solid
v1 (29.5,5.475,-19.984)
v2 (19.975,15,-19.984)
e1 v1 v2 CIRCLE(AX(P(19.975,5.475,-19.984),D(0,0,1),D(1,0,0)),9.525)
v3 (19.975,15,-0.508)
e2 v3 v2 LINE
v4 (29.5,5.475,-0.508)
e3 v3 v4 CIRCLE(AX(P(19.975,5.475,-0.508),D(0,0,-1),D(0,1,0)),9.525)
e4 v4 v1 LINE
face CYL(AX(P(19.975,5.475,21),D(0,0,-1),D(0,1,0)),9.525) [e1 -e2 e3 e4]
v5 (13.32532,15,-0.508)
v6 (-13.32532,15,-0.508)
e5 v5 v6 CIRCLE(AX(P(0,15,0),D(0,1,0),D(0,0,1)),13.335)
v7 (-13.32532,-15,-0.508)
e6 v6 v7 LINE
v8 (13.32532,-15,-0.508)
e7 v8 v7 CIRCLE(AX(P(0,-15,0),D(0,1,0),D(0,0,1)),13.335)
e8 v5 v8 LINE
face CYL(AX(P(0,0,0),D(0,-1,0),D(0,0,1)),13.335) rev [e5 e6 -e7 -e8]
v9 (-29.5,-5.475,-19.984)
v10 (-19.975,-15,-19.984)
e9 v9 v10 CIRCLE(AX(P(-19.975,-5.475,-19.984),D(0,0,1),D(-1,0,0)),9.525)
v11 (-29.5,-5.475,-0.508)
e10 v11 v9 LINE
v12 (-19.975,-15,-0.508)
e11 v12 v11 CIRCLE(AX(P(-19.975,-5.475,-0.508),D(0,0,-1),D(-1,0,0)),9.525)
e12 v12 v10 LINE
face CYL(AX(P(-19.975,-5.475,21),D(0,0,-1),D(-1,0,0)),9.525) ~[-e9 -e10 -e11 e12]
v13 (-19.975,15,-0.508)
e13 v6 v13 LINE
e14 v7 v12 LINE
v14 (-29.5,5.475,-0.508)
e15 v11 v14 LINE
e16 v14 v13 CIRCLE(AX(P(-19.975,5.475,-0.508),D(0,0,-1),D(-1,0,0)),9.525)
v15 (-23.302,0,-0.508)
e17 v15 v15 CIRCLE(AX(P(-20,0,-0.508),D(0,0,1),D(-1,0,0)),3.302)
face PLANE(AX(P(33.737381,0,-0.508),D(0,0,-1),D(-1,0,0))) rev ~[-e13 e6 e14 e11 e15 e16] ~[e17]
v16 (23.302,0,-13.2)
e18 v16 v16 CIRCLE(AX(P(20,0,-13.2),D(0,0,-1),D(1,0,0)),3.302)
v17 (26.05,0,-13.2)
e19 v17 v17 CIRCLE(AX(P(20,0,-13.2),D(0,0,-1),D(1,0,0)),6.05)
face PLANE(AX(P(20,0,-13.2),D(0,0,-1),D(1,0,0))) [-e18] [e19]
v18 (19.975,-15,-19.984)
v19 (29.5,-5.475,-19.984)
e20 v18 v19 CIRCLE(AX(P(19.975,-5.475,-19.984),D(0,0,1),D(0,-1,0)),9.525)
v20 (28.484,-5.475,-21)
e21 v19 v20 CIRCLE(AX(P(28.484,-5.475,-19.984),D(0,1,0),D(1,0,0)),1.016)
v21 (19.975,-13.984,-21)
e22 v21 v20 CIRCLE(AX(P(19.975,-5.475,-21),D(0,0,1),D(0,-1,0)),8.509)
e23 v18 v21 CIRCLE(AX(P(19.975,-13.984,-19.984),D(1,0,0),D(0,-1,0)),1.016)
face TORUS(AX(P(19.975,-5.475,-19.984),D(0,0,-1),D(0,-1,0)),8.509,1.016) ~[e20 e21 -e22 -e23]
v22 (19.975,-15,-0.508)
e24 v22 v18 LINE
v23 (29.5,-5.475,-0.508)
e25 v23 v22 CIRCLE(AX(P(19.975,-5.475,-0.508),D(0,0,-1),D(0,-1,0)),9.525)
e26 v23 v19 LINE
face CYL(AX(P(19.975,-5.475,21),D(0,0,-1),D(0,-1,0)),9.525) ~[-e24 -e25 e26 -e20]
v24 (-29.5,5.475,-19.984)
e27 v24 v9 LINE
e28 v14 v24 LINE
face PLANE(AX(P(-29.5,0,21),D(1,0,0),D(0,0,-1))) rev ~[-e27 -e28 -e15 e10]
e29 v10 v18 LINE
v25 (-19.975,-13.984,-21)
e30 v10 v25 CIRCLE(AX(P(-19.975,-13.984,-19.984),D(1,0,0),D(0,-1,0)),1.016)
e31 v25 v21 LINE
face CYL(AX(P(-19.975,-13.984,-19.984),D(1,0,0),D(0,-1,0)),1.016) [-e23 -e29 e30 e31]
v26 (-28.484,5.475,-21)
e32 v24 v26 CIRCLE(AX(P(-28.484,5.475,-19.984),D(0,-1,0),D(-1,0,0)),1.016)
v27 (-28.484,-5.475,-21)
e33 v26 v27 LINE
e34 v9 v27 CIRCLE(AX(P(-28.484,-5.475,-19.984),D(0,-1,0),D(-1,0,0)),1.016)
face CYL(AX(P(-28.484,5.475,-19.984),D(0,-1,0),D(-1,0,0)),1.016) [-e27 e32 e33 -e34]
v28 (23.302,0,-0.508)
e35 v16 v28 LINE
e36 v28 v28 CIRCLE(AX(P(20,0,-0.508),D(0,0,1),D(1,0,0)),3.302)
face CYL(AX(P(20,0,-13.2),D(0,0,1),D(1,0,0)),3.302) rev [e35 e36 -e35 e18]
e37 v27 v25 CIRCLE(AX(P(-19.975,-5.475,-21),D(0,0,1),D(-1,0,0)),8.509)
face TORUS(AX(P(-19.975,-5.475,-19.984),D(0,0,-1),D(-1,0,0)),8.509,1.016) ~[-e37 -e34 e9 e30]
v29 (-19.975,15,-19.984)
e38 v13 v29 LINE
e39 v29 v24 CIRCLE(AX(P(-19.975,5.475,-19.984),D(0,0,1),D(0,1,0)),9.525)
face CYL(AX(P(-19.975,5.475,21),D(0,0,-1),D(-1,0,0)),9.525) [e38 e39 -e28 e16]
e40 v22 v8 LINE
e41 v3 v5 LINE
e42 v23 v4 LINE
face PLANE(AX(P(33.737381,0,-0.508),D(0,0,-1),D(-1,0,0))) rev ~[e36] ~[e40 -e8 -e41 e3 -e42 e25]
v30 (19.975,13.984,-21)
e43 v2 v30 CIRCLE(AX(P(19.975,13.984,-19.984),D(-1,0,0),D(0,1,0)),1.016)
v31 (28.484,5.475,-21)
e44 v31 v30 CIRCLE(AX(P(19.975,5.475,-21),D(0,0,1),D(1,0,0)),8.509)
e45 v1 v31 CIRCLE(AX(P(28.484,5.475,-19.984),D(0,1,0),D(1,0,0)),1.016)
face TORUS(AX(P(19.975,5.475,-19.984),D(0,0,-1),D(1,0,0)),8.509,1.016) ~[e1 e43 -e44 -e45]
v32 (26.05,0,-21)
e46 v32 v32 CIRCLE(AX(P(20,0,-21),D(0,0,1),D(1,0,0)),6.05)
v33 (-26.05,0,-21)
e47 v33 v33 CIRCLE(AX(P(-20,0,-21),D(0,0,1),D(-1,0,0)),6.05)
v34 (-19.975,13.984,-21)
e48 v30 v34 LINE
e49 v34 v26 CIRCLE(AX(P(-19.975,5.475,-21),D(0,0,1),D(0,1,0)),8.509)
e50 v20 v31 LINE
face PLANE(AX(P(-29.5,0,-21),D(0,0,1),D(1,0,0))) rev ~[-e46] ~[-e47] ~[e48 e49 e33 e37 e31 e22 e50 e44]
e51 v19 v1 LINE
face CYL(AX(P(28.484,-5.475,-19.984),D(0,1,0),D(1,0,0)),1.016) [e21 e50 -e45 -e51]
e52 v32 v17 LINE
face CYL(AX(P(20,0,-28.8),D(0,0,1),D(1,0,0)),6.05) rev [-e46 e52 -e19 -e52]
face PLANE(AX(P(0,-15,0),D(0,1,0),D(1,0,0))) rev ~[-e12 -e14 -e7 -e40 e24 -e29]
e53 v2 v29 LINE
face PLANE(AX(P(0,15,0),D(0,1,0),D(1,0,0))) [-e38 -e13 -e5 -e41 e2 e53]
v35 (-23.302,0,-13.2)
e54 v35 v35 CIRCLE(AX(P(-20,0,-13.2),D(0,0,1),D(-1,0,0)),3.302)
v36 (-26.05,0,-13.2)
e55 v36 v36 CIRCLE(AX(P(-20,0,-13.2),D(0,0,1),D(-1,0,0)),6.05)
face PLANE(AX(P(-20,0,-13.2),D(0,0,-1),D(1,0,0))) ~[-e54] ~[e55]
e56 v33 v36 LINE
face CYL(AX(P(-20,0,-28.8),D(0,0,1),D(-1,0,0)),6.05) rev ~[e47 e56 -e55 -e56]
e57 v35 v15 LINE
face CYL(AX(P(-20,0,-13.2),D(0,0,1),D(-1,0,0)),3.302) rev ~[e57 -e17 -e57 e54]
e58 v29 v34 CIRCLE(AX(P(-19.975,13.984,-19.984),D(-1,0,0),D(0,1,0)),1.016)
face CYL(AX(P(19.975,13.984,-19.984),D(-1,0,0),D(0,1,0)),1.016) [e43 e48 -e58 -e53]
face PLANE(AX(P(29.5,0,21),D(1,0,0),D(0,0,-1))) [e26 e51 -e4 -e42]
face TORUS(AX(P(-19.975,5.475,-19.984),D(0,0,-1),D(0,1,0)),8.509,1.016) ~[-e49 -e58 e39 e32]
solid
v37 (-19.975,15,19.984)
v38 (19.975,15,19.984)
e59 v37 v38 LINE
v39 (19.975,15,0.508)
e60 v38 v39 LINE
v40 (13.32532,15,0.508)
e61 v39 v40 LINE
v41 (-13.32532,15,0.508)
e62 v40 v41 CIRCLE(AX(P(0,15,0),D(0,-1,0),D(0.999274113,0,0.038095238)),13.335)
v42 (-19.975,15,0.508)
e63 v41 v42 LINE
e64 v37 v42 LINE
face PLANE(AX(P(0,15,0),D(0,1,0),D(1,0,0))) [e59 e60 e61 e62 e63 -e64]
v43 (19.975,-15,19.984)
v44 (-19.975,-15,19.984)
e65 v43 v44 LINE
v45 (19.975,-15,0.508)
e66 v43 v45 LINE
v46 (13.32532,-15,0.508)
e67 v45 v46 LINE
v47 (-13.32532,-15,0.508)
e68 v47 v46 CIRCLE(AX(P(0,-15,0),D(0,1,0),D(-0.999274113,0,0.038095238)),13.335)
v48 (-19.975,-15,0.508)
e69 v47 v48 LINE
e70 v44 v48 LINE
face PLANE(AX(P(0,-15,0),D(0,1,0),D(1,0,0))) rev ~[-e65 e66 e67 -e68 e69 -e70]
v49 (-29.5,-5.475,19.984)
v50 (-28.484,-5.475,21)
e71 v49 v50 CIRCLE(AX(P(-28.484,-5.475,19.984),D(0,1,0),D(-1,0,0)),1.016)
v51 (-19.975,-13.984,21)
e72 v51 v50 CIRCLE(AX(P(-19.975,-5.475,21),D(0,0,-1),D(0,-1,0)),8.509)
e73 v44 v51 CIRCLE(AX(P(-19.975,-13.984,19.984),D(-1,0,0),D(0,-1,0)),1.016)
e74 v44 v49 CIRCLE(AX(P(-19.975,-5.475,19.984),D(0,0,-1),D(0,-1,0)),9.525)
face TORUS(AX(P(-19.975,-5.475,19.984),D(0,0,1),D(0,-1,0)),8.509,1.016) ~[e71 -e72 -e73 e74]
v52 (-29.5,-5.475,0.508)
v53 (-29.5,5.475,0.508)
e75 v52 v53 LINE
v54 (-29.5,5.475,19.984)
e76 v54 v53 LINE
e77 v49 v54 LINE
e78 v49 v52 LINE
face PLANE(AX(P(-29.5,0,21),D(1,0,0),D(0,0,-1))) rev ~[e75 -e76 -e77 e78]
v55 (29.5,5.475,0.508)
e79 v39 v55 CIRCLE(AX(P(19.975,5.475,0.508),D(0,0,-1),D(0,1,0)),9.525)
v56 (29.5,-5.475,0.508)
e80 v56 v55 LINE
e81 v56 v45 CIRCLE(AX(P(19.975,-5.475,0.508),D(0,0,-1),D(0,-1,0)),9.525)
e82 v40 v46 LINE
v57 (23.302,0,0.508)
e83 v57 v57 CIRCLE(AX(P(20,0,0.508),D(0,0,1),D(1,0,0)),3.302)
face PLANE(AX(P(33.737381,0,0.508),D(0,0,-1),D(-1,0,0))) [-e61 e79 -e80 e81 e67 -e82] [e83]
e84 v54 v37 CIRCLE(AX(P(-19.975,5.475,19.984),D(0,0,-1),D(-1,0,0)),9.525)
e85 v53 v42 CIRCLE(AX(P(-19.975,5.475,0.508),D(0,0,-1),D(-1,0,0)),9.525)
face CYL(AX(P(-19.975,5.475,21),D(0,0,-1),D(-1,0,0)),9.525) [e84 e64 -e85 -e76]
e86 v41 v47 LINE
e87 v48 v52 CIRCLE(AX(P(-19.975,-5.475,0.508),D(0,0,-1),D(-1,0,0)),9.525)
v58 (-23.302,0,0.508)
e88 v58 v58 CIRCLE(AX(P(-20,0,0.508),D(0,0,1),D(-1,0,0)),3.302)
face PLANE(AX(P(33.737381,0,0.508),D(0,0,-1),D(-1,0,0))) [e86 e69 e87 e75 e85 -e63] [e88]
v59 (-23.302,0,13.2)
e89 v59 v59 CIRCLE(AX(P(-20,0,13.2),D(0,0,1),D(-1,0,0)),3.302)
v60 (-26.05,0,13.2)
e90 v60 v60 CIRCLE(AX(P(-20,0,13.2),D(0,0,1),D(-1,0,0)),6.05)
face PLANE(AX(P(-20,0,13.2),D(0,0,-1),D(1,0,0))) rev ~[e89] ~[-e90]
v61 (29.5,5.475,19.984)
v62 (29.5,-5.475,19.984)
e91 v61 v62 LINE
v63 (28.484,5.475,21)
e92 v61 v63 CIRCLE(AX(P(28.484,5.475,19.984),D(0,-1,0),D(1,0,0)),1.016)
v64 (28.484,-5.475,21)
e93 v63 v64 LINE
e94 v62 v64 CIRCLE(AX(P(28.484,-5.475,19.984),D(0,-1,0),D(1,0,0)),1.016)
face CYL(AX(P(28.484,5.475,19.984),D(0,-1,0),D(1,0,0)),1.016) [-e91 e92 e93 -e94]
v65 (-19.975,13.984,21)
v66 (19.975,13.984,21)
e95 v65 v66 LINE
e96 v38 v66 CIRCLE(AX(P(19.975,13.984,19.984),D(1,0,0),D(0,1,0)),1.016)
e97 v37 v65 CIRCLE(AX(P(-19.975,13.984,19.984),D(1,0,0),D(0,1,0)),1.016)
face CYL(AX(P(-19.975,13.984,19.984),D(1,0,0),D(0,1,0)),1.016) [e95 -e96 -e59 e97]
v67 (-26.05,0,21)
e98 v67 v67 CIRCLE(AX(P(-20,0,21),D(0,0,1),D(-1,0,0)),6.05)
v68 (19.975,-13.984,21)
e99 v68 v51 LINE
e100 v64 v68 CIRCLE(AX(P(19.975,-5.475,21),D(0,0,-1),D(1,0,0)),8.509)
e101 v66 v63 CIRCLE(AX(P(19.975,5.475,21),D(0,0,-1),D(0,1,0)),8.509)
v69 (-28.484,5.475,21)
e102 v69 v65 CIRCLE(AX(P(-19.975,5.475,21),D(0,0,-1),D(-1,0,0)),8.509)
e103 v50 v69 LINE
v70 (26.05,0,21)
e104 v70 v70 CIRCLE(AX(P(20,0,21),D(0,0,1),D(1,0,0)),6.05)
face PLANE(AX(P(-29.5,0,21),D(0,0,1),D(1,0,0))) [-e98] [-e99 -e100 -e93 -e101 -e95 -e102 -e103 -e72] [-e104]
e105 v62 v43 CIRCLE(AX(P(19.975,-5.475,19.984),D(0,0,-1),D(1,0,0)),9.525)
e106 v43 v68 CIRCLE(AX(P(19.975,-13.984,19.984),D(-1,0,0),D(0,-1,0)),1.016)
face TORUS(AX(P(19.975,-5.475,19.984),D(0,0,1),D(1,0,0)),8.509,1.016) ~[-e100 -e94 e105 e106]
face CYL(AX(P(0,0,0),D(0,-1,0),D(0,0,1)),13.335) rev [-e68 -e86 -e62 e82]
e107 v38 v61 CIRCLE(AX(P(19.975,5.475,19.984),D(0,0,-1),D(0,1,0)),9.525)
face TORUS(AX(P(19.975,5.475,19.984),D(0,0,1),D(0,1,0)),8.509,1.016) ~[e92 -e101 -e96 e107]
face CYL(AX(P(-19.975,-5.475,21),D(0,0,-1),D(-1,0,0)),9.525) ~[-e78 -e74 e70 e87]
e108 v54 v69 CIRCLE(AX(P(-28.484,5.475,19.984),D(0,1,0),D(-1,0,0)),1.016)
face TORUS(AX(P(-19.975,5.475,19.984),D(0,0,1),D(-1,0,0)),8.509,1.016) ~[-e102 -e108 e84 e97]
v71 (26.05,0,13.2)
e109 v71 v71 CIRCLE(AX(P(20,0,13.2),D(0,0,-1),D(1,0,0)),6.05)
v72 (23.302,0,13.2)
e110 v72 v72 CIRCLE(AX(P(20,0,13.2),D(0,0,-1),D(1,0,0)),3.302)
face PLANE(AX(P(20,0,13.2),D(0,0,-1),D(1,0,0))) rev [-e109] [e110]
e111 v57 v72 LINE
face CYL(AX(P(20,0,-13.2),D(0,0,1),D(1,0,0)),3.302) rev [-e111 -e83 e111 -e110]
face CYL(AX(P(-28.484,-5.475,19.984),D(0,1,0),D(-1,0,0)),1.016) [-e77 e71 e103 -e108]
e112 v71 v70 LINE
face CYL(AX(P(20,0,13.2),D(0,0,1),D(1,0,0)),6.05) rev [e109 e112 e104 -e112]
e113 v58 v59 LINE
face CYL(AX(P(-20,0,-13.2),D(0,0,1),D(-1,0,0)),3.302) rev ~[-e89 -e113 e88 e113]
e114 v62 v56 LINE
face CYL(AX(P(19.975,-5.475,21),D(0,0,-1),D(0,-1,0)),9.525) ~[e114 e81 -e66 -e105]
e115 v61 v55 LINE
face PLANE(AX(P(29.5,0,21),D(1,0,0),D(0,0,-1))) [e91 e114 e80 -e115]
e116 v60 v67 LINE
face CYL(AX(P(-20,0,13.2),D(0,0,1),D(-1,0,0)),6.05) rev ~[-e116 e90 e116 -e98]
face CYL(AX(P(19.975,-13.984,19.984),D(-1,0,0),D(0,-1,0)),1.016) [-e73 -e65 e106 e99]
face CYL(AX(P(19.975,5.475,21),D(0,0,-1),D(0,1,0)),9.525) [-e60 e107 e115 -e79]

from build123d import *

# Parameters (mm, degrees)
SKETCH1_W          = 59
SKETCH1_H          = 42
SKETCH1_R          = 13.335
EXTRUDE1_DEPTH     = 15
FILLET1_R          = 9.525
FILLET2_R          = 1.016
SKETCH4_W          = 72.5433568
SKETCH4_H          = 1.016
CUT_EXTRUDE3_DEPTH = 50.8


with BuildPart() as part:
    # Sketch1 → Extrude1 (new, symmetric)
    with BuildSketch(Plane(origin=(0, 0, 0), x_dir=(1, 0, 0), z_dir=(0, 1, 0))):
        Rectangle(SKETCH1_W, SKETCH1_H)
        with Locations(Location((0, 0, 0), (0, 0, 270))):
            Circle(SKETCH1_R, mode=Mode.SUBTRACT)
    extrude(amount=EXTRUDE1_DEPTH, both=True)

    # Sketch7 → Cut-Revolve1 (revolve, cut)
    with BuildSketch(Plane(origin=(20, 0, 0), x_dir=(0, 0, -1), z_dir=(1, 0, 0)), mode=Mode.PRIVATE) as cut_revolve1_sk:
        Polygon((-28.8, 0), (28.8, 0), (28.8, 6.05), (13.2, 6.05), (13.2, 3.302), (-13.2, 3.302), (-13.2, 6.05), (-28.8, 6.05), align=None)
    cut_revolve1 = revolve(cut_revolve1_sk.sketch.rotate(Axis((20, 0, -28.8), (0, 0, -1)), 90), axis=Axis((20, 0, -28.8), (0, 0, -1)), mode=Mode.SUBTRACT)

    # Mirror1: Cut-Revolve1 across plane
    add(cut_revolve1.mirror(Plane(origin=(0, 0, 0), x_dir=(0, 0, 1), z_dir=(1, 0, 0))), mode=Mode.SUBTRACT)

    # Fillet1
    fillet1_edges = [part.edges().sort_by_distance(p)[0] for p in [
        (29.5, 15, 0),
        (-29.5, 15, 0),
        (29.5, -15, 0),
        (-29.5, -15, 0),
    ]]
    fillet(fillet1_edges, radius=FILLET1_R)

    # Fillet2
    fillet2_edges = [part.edges().sort_by_distance(p)[0] for p in [
        (-29.5, 0, 21),
        (-29.5, 0, -21),
        (0, -15, 21),
        (29.5, 0, 21),
        (0, 15, 21),
        (26.710192091, 12.210192091, 21),
        (-26.710192091, 12.210192091, 21),
        (26.710192091, -12.210192091, 21),
        (-26.710192091, -12.210192091, 21),
        (0, -15, -21),
        (0, 15, -21),
        (29.5, 0, -21),
        (26.710192091, 12.210192091, -21),
        (-26.710192091, 12.210192091, -21),
        (26.710192091, -12.210192091, -21),
        (-26.710192091, -12.210192091, -21),
    ]]
    fillet(fillet2_edges, radius=FILLET2_R)

    # Sketch4 → Cut-Extrude3 (cut, symmetric)
    with BuildSketch(Plane(origin=(0, 0, 0), x_dir=(-1, 0, 0), z_dir=(0, 1, 0))):
        with Locations((2.534297891, 0)):
            Rectangle(SKETCH4_W, SKETCH4_H)
    extrude(amount=CUT_EXTRUDE3_DEPTH, both=True, mode=Mode.SUBTRACT)


with BuildPart() as cut_extrude3_piece_1:
    # of the separate pieces the step leaves, piece 1, a body of its own (cut_extrude3_pieces)
    add(part.part.solids().sort_by_distance((-28.484, 5.475, 21))[0])


with BuildPart() as cut_extrude3_piece_2:
    # of the separate pieces the step leaves, piece 2, a body of its own (cut_extrude3_pieces)
    add(part.part.solids().sort_by_distance((-29.5, 5.475, -19.984))[0])


solid = Compound([cut_extrude3_piece_1.part, cut_extrude3_piece_2.part])
